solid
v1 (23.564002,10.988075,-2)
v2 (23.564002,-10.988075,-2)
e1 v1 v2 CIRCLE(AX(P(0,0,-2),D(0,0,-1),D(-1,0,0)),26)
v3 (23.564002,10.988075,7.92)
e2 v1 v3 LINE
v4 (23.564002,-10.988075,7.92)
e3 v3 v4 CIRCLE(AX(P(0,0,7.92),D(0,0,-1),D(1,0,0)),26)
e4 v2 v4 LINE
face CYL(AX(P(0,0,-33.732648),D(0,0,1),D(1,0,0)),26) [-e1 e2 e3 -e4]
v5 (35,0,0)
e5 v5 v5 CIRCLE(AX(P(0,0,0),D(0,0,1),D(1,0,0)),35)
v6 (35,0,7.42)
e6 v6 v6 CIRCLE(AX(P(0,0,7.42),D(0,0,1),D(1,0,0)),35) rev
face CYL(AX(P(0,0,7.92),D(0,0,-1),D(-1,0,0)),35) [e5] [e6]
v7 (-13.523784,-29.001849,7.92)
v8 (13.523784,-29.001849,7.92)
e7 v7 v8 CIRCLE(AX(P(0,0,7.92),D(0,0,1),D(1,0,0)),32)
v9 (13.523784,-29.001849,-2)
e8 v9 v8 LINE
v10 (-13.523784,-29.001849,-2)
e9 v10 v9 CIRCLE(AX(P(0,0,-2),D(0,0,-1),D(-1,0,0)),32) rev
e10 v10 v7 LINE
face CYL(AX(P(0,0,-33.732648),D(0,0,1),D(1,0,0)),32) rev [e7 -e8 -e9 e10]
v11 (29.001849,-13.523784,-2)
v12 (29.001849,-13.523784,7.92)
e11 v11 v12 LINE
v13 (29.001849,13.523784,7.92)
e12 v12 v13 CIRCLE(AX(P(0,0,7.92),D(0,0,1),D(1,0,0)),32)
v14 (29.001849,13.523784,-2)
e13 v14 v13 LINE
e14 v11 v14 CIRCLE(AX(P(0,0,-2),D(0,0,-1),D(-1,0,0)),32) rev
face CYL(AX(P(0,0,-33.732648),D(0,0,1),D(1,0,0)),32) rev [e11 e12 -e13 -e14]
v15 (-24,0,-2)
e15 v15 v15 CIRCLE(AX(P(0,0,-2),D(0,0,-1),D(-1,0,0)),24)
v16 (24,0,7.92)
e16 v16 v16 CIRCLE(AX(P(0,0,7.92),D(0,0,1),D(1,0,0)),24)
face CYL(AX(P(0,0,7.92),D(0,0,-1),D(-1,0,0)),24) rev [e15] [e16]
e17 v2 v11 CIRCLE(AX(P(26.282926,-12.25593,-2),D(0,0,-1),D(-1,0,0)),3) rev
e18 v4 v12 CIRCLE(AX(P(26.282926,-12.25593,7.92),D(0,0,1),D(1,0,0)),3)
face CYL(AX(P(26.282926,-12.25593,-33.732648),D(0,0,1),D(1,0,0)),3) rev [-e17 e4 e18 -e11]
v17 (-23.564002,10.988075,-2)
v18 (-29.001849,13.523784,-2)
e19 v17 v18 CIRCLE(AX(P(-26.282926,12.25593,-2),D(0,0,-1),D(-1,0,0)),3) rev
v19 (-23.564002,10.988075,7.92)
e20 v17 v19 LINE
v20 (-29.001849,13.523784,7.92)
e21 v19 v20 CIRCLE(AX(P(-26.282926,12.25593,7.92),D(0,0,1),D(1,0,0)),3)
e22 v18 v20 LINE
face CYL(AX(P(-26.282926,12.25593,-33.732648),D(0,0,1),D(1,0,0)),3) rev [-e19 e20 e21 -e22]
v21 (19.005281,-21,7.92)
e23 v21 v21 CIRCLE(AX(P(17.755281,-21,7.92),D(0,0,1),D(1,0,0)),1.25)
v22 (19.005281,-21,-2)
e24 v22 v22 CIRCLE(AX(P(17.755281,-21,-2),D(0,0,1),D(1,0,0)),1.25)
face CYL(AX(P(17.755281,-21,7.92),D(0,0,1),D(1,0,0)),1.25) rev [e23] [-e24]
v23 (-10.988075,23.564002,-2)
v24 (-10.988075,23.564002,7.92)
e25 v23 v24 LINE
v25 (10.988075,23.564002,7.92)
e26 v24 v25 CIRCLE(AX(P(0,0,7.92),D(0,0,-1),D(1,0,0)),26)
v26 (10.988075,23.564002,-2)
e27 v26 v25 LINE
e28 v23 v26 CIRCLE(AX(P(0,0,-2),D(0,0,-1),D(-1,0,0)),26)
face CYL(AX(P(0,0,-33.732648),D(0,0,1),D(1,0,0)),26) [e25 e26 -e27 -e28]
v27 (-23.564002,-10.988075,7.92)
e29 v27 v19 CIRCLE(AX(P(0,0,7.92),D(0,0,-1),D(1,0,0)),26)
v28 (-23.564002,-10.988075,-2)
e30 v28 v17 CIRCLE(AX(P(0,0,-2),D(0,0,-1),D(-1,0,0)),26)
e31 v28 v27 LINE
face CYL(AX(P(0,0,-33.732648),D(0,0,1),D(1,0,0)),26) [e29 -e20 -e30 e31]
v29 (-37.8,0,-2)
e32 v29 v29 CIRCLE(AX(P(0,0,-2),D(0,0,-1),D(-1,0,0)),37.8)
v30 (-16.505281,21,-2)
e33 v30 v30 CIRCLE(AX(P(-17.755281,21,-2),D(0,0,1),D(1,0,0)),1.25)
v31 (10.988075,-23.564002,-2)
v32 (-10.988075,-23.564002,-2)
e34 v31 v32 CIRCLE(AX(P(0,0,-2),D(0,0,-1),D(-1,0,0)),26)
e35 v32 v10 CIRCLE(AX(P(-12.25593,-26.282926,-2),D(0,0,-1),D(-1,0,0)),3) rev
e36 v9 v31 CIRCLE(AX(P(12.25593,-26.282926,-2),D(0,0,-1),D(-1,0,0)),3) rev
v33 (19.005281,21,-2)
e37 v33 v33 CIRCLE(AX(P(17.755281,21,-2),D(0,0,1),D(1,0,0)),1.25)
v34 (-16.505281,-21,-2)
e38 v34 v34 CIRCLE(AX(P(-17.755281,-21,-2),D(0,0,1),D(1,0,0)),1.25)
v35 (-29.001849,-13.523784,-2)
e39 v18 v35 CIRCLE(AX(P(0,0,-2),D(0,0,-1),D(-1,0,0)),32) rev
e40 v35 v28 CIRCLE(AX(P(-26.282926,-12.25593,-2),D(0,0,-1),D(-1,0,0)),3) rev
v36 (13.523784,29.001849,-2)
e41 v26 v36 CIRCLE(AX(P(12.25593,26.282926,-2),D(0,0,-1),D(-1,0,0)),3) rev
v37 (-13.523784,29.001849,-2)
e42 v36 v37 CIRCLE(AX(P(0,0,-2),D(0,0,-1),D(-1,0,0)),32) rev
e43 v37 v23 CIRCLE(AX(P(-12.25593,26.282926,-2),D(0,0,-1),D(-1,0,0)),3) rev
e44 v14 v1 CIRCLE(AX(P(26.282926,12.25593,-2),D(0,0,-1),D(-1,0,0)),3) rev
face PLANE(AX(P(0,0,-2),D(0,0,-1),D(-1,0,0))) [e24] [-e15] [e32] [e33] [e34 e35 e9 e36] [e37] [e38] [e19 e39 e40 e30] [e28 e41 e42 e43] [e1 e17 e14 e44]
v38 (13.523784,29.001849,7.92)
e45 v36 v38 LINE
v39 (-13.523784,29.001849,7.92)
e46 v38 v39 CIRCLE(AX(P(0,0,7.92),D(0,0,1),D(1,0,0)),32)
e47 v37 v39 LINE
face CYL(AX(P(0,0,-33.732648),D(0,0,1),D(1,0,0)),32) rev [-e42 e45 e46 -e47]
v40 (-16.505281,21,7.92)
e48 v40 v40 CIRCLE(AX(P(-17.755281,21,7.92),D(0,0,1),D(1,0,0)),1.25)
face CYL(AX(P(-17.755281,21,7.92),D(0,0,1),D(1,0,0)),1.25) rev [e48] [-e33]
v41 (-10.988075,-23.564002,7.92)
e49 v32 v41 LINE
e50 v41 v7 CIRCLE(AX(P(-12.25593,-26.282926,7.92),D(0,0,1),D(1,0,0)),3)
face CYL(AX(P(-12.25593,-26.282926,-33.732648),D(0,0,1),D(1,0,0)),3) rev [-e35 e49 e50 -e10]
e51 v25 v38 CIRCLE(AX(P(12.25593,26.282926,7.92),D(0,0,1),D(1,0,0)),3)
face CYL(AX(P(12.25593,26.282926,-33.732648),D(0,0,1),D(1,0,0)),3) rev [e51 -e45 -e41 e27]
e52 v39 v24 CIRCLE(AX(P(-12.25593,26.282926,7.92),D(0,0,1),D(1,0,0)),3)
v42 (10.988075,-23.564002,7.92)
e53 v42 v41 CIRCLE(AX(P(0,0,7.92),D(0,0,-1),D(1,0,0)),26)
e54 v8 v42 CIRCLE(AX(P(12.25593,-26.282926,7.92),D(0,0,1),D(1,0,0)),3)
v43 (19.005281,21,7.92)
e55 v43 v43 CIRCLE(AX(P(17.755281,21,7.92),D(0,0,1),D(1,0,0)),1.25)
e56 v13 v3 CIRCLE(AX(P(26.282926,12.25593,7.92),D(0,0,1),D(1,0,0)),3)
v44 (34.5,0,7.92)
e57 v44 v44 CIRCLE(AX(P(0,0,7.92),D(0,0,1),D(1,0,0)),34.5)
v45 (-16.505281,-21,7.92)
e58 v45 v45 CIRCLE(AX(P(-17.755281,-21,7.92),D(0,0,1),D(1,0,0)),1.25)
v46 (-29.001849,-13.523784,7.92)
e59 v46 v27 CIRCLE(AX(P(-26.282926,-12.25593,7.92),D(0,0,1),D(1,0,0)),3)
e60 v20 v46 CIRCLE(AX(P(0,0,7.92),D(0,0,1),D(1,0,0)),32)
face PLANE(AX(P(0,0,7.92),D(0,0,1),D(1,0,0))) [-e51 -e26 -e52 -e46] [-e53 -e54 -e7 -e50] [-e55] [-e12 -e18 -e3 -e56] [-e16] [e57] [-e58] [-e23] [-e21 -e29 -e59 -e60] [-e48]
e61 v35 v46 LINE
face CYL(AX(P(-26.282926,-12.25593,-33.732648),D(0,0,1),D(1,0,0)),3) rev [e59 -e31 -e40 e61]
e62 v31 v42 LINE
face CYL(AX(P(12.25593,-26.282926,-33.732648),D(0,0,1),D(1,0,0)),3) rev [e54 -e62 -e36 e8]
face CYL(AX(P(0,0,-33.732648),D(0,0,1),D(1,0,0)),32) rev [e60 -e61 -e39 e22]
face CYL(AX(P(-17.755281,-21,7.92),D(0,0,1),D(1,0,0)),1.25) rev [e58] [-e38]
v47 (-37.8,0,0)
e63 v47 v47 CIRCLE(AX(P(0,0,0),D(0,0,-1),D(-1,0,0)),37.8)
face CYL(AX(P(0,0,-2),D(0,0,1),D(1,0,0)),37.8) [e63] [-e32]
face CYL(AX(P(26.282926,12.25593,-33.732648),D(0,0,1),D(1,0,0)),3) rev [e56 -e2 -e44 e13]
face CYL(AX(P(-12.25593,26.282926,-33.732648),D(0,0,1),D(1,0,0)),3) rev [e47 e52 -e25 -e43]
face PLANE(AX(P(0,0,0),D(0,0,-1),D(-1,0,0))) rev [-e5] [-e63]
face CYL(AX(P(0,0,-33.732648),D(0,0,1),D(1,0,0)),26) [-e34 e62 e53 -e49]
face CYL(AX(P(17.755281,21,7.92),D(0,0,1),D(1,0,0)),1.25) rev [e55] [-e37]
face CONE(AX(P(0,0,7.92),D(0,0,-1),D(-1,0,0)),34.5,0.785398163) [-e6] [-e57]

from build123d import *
from build123d.topology import SkipClean

# Parameters (mm, degrees)
SKETCH_1_R          = 35
SKETCH_1_R_2        = 24
EXTRUDE_1_DEPTH     = 7.92
EXTRUDE_START       = 2
SKETCH_2_R          = 37.8
SKETCH_2_R_2        = 24
EXTRUDE_2_DEPTH     = 2
HOLE_WIZARD_M3_1_D  = 2.5
CHAMFER_1_SIZE      = 0.5
CUT_EXTRUDE_1_DEPTH = 9.92


with BuildPart() as part:
    # 草图1 → 凸台-拉伸1 (new body)
    with BuildSketch(Plane.XY):
        Circle(SKETCH_1_R)
        Circle(SKETCH_1_R_2, mode=Mode.SUBTRACT)
    extrude(amount=EXTRUDE_1_DEPTH)

    # 草图2 → 凸台-拉伸2 (add)
    with SkipClean():  # the faces are left unmerged after this step: merging them gives an invalid solid
        with BuildSketch(Plane(origin=(0, 0, 0), x_dir=(-1, 0, 0), z_dir=(0, 0, -1)).offset(EXTRUDE_START)):
            Circle(SKETCH_2_R)
            Circle(SKETCH_2_R_2, mode=Mode.SUBTRACT)
        extrude(amount=-EXTRUDE_2_DEPTH)

    # M3 螺纹孔1 (through all)
    with Locations(Plane.XY.offset(7.92)):
        with Locations((-17.755280905, 21), (-17.755280905, -21), (17.755280905, -21), (17.755280905, 21)):
            Hole(HOLE_WIZARD_M3_1_D / 2)

    # 倒角1
    chamfer_1_edges = [part.edges().sort_by_distance(p)[0] for p in [
        (-35, 0, 7.92),
    ]]
    chamfer(chamfer_1_edges, length=CHAMFER_1_SIZE)

    # 草图9 → 切除-拉伸1 (cut)
    with SkipClean():  # the faces are left unmerged after this step: merging them gives an invalid solid
        with BuildSketch(Plane.XY.offset(7.92)):
            with BuildLine():
                ThreePointArc((29.001849185, -13.523784376), (32, 0), (29.001849185, 13.523784376))
                ThreePointArc((29.001849185, 13.523784376), (25.015071039, 14.974852952), (23.564002463, 10.988074805))
                ThreePointArc((23.564002463, 10.988074805), (26, 0), (23.564002463, -10.988074805))
                ThreePointArc((23.564002463, -10.988074805), (25.015071039, -14.974852952), (29.001849185, -13.523784376))
            make_face()
            with BuildLine():
                ThreePointArc((-13.523784376, -29.001849185), (0, -32), (13.523784376, -29.001849185))
                ThreePointArc((13.523784376, -29.001849185), (14.974852952, -25.015071039), (10.988074805, -23.564002463))
                ThreePointArc((10.988074805, -23.564002463), (0, -26), (-10.988074805, -23.564002463))
                ThreePointArc((-10.988074805, -23.564002463), (-14.974852952, -25.015071039), (-13.523784376, -29.001849185))
            make_face()
            with BuildLine():
                ThreePointArc((-29.001849185, 13.523784376), (-32, 0), (-29.001849185, -13.523784376))
                ThreePointArc((-29.001849185, -13.523784376), (-25.015071039, -14.974852952), (-23.564002463, -10.988074805))
                ThreePointArc((-23.564002463, -10.988074805), (-26, 0), (-23.564002463, 10.988074805))
                ThreePointArc((-23.564002463, 10.988074805), (-25.015071039, 14.974852952), (-29.001849185, 13.523784376))
            make_face()
            with BuildLine():
                ThreePointArc((13.523784376, 29.001849185), (0, 32), (-13.523784376, 29.001849185))
                ThreePointArc((-13.523784376, 29.001849185), (-14.974852952, 25.015071039), (-10.988074805, 23.564002463))
                ThreePointArc((-10.988074805, 23.564002463), (0, 26), (10.988074805, 23.564002463))
                ThreePointArc((10.988074805, 23.564002463), (14.974852952, 25.015071039), (13.523784376, 29.001849185))
            make_face()
        extrude(amount=-CUT_EXTRUDE_1_DEPTH, mode=Mode.SUBTRACT)


solid = part.part
